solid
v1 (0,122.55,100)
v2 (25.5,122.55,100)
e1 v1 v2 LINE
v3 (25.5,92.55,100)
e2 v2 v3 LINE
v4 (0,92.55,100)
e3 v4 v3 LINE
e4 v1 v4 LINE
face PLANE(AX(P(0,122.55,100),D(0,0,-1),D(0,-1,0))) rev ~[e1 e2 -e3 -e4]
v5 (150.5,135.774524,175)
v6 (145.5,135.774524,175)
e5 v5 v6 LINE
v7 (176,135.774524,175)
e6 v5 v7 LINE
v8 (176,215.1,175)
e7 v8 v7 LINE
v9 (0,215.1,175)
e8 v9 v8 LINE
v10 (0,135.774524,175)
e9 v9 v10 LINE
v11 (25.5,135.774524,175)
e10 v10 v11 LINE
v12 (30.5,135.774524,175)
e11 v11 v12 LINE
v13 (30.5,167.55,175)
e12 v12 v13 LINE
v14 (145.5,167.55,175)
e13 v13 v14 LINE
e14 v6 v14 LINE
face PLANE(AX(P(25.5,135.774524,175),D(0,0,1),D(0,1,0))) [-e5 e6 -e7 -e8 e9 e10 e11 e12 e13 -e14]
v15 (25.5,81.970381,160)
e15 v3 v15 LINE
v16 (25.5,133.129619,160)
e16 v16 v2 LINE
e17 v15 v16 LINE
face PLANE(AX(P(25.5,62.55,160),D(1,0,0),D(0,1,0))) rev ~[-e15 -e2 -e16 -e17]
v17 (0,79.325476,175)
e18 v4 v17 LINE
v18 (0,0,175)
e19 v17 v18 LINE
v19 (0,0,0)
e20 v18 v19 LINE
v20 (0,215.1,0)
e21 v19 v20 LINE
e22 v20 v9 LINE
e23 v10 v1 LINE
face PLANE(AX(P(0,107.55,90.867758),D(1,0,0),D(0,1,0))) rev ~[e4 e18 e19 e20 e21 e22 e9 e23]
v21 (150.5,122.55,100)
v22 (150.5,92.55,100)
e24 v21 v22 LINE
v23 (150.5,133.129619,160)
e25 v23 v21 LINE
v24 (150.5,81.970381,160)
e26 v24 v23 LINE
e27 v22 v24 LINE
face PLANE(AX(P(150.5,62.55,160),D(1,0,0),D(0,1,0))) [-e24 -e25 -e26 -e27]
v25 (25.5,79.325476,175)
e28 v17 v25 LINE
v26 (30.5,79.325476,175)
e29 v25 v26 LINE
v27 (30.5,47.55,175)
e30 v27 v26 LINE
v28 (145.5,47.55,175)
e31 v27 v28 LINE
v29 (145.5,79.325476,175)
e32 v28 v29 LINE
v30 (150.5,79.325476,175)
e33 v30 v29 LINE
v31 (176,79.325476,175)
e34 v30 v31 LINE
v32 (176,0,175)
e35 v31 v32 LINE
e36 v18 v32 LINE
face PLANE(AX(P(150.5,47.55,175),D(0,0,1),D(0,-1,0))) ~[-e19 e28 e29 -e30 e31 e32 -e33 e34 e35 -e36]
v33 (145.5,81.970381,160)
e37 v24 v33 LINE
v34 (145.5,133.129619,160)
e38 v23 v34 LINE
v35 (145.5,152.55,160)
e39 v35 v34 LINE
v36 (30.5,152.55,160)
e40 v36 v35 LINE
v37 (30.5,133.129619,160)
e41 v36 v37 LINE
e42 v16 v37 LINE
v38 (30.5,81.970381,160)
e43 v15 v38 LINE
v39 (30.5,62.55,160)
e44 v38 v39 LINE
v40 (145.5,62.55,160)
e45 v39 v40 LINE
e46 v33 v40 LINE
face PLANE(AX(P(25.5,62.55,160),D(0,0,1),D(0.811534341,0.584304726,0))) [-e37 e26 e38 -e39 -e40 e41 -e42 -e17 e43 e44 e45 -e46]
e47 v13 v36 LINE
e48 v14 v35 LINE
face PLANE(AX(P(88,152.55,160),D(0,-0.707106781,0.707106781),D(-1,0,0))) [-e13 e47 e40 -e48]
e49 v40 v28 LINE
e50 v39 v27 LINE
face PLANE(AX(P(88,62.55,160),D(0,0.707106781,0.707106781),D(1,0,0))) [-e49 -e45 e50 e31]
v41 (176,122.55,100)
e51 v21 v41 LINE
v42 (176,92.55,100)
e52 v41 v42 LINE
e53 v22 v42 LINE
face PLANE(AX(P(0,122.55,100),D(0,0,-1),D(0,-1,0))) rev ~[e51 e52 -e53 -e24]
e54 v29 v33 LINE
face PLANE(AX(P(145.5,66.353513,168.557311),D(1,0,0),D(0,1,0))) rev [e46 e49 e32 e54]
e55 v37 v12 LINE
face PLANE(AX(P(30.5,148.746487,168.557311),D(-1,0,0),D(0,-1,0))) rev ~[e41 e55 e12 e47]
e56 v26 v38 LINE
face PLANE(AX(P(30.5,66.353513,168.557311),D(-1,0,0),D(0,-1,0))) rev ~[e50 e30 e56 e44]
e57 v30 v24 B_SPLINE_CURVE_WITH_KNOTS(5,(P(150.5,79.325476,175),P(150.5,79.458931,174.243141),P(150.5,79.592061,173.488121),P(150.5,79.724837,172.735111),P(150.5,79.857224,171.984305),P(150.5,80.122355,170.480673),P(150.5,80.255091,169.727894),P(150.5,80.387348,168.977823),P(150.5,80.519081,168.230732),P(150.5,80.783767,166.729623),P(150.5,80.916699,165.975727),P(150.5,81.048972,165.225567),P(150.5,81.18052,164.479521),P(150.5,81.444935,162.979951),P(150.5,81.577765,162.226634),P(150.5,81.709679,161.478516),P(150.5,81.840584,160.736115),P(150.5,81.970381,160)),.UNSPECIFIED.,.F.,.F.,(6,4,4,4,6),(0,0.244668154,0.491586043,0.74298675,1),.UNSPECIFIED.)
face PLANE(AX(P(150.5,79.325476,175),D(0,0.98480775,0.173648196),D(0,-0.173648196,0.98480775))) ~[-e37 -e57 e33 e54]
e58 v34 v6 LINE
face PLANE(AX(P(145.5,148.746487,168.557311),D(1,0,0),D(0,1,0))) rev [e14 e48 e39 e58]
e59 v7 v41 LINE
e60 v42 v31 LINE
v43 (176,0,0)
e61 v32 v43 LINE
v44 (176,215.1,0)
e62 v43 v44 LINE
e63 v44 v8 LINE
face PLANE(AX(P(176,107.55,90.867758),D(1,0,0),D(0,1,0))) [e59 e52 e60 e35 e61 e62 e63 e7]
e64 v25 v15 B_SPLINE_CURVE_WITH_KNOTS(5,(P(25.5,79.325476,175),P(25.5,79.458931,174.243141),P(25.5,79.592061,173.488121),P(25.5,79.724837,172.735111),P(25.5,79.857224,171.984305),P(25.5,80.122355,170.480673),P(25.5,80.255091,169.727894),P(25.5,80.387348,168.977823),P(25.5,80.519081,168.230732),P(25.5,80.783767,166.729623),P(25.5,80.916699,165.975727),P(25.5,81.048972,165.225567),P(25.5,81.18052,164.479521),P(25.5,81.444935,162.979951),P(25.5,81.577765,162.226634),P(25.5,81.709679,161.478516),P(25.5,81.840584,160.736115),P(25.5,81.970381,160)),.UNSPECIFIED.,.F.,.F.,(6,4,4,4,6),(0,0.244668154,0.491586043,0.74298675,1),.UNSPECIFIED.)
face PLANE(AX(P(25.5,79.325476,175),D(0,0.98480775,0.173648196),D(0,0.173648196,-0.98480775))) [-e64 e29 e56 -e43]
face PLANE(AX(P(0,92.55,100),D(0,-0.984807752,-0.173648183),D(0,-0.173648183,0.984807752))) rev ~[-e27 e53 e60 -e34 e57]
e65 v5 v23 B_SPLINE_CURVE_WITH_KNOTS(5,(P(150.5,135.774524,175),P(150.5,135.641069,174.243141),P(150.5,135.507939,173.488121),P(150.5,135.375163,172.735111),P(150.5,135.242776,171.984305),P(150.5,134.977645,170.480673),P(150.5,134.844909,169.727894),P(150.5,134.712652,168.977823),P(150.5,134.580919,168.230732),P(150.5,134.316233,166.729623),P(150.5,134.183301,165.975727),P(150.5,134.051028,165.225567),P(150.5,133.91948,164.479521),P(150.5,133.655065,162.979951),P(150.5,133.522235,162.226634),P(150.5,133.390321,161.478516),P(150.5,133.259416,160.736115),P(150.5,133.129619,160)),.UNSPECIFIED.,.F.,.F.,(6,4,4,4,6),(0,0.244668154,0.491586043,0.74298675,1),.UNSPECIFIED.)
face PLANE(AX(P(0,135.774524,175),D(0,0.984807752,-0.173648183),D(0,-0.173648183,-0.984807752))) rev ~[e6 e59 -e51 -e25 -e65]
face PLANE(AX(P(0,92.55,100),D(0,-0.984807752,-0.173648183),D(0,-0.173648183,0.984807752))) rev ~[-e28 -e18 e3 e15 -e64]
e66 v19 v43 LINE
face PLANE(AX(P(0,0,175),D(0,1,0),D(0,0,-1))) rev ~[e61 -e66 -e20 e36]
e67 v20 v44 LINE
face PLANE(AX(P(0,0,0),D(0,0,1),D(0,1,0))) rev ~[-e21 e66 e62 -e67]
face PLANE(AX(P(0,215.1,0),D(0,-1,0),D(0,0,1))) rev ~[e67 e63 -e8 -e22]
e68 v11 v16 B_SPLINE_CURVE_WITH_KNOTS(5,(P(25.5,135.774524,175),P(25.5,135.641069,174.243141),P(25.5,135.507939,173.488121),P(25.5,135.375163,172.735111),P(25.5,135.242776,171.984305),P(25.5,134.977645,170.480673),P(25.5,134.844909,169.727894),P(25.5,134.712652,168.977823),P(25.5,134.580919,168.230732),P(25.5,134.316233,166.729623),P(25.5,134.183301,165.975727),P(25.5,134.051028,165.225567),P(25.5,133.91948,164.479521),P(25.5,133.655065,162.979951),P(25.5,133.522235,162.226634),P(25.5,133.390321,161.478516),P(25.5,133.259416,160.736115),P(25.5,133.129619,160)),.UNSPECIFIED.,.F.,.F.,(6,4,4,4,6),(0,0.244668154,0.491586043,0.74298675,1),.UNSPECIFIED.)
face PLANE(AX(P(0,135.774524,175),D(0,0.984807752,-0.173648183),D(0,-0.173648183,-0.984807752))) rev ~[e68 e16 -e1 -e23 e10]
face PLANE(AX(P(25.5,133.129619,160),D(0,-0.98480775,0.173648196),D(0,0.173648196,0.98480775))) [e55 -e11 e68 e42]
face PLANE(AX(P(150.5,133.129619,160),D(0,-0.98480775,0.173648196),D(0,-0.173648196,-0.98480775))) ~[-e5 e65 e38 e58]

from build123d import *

# Parameters (mm, degrees)
EXTRUDE002_DEPTH = 5
SKETCH003_W      = 125
SKETCH003_H      = 90
EXTRUDE001_DEPTH = 70
SKETCH002_W      = 125
SKETCH002_H      = 120
EXTRUDE_DEPTH    = 176


with BuildPart() as extrude002:
    # Sketch004 (on Face1 of Extrude001) → Extrude002 (new body)
    with BuildSketch(Plane(origin=(25.5, 0, 0), x_dir=(0, -1, 0), z_dir=(-1, 0, 0))):
        Polygon((-81.970381, 160), (-62.55, 160), (-47.55, 175), (-79.325476, 175), align=None)
        Polygon((-133.129619, 160), (-135.774524, 175), (-167.55, 175), (-152.55, 160), align=None)
    extrude(amount=-EXTRUDE002_DEPTH)


with BuildPart() as extrude002_mirrored:
    # Mirror: instance of Extrude002
    add(extrude002.part.mirror(Plane(origin=(88, 0, 0), x_dir=(0, -1, 0), z_dir=(1, 0, 0))))


with BuildPart() as extrude001:
    # Sketch003 → Extrude001 (new body)
    with BuildSketch(Plane.XY.offset(160)):
        with Locations((88, 107.55)):
            Rectangle(SKETCH003_W, SKETCH003_H)
    extrude(amount=-EXTRUDE001_DEPTH)


with BuildPart() as loft_body:
    # Sketch002 (on Face1 of Extrude) → Loft section 0
    with BuildSketch(Plane.XY.offset(175)):
        with Locations((88, 107.55)):
            Rectangle(SKETCH002_W, SKETCH002_H)
    # Sketch003 → Loft section 1
    with BuildSketch(Plane.XY.offset(160)):
        with Locations((88, 107.55)):
            Rectangle(SKETCH003_W, SKETCH003_H)
    loft(ruled=True)


with BuildPart() as fusion001:
    # Sketch001 → Extrude (new body)
    with BuildSketch(Plane.YZ):
        Polygon((0, 0), (215.1, 0), (215.1, 175), (135.774524, 175), (122.55, 100), (92.55, 100), (79.325476, 175), (0, 175), align=None)
    extrude(amount=EXTRUDE_DEPTH)

    # Cut: cut Loft body
    add(loft_body.part, mode=Mode.SUBTRACT)

    # Fusion: union Extrude001
    add(extrude001.part)

    # Fusion001: union Extrude002 (mirrored), Extrude002
    add(extrude002_mirrored.part)
    add(extrude002.part)


solid = fusion001.part
